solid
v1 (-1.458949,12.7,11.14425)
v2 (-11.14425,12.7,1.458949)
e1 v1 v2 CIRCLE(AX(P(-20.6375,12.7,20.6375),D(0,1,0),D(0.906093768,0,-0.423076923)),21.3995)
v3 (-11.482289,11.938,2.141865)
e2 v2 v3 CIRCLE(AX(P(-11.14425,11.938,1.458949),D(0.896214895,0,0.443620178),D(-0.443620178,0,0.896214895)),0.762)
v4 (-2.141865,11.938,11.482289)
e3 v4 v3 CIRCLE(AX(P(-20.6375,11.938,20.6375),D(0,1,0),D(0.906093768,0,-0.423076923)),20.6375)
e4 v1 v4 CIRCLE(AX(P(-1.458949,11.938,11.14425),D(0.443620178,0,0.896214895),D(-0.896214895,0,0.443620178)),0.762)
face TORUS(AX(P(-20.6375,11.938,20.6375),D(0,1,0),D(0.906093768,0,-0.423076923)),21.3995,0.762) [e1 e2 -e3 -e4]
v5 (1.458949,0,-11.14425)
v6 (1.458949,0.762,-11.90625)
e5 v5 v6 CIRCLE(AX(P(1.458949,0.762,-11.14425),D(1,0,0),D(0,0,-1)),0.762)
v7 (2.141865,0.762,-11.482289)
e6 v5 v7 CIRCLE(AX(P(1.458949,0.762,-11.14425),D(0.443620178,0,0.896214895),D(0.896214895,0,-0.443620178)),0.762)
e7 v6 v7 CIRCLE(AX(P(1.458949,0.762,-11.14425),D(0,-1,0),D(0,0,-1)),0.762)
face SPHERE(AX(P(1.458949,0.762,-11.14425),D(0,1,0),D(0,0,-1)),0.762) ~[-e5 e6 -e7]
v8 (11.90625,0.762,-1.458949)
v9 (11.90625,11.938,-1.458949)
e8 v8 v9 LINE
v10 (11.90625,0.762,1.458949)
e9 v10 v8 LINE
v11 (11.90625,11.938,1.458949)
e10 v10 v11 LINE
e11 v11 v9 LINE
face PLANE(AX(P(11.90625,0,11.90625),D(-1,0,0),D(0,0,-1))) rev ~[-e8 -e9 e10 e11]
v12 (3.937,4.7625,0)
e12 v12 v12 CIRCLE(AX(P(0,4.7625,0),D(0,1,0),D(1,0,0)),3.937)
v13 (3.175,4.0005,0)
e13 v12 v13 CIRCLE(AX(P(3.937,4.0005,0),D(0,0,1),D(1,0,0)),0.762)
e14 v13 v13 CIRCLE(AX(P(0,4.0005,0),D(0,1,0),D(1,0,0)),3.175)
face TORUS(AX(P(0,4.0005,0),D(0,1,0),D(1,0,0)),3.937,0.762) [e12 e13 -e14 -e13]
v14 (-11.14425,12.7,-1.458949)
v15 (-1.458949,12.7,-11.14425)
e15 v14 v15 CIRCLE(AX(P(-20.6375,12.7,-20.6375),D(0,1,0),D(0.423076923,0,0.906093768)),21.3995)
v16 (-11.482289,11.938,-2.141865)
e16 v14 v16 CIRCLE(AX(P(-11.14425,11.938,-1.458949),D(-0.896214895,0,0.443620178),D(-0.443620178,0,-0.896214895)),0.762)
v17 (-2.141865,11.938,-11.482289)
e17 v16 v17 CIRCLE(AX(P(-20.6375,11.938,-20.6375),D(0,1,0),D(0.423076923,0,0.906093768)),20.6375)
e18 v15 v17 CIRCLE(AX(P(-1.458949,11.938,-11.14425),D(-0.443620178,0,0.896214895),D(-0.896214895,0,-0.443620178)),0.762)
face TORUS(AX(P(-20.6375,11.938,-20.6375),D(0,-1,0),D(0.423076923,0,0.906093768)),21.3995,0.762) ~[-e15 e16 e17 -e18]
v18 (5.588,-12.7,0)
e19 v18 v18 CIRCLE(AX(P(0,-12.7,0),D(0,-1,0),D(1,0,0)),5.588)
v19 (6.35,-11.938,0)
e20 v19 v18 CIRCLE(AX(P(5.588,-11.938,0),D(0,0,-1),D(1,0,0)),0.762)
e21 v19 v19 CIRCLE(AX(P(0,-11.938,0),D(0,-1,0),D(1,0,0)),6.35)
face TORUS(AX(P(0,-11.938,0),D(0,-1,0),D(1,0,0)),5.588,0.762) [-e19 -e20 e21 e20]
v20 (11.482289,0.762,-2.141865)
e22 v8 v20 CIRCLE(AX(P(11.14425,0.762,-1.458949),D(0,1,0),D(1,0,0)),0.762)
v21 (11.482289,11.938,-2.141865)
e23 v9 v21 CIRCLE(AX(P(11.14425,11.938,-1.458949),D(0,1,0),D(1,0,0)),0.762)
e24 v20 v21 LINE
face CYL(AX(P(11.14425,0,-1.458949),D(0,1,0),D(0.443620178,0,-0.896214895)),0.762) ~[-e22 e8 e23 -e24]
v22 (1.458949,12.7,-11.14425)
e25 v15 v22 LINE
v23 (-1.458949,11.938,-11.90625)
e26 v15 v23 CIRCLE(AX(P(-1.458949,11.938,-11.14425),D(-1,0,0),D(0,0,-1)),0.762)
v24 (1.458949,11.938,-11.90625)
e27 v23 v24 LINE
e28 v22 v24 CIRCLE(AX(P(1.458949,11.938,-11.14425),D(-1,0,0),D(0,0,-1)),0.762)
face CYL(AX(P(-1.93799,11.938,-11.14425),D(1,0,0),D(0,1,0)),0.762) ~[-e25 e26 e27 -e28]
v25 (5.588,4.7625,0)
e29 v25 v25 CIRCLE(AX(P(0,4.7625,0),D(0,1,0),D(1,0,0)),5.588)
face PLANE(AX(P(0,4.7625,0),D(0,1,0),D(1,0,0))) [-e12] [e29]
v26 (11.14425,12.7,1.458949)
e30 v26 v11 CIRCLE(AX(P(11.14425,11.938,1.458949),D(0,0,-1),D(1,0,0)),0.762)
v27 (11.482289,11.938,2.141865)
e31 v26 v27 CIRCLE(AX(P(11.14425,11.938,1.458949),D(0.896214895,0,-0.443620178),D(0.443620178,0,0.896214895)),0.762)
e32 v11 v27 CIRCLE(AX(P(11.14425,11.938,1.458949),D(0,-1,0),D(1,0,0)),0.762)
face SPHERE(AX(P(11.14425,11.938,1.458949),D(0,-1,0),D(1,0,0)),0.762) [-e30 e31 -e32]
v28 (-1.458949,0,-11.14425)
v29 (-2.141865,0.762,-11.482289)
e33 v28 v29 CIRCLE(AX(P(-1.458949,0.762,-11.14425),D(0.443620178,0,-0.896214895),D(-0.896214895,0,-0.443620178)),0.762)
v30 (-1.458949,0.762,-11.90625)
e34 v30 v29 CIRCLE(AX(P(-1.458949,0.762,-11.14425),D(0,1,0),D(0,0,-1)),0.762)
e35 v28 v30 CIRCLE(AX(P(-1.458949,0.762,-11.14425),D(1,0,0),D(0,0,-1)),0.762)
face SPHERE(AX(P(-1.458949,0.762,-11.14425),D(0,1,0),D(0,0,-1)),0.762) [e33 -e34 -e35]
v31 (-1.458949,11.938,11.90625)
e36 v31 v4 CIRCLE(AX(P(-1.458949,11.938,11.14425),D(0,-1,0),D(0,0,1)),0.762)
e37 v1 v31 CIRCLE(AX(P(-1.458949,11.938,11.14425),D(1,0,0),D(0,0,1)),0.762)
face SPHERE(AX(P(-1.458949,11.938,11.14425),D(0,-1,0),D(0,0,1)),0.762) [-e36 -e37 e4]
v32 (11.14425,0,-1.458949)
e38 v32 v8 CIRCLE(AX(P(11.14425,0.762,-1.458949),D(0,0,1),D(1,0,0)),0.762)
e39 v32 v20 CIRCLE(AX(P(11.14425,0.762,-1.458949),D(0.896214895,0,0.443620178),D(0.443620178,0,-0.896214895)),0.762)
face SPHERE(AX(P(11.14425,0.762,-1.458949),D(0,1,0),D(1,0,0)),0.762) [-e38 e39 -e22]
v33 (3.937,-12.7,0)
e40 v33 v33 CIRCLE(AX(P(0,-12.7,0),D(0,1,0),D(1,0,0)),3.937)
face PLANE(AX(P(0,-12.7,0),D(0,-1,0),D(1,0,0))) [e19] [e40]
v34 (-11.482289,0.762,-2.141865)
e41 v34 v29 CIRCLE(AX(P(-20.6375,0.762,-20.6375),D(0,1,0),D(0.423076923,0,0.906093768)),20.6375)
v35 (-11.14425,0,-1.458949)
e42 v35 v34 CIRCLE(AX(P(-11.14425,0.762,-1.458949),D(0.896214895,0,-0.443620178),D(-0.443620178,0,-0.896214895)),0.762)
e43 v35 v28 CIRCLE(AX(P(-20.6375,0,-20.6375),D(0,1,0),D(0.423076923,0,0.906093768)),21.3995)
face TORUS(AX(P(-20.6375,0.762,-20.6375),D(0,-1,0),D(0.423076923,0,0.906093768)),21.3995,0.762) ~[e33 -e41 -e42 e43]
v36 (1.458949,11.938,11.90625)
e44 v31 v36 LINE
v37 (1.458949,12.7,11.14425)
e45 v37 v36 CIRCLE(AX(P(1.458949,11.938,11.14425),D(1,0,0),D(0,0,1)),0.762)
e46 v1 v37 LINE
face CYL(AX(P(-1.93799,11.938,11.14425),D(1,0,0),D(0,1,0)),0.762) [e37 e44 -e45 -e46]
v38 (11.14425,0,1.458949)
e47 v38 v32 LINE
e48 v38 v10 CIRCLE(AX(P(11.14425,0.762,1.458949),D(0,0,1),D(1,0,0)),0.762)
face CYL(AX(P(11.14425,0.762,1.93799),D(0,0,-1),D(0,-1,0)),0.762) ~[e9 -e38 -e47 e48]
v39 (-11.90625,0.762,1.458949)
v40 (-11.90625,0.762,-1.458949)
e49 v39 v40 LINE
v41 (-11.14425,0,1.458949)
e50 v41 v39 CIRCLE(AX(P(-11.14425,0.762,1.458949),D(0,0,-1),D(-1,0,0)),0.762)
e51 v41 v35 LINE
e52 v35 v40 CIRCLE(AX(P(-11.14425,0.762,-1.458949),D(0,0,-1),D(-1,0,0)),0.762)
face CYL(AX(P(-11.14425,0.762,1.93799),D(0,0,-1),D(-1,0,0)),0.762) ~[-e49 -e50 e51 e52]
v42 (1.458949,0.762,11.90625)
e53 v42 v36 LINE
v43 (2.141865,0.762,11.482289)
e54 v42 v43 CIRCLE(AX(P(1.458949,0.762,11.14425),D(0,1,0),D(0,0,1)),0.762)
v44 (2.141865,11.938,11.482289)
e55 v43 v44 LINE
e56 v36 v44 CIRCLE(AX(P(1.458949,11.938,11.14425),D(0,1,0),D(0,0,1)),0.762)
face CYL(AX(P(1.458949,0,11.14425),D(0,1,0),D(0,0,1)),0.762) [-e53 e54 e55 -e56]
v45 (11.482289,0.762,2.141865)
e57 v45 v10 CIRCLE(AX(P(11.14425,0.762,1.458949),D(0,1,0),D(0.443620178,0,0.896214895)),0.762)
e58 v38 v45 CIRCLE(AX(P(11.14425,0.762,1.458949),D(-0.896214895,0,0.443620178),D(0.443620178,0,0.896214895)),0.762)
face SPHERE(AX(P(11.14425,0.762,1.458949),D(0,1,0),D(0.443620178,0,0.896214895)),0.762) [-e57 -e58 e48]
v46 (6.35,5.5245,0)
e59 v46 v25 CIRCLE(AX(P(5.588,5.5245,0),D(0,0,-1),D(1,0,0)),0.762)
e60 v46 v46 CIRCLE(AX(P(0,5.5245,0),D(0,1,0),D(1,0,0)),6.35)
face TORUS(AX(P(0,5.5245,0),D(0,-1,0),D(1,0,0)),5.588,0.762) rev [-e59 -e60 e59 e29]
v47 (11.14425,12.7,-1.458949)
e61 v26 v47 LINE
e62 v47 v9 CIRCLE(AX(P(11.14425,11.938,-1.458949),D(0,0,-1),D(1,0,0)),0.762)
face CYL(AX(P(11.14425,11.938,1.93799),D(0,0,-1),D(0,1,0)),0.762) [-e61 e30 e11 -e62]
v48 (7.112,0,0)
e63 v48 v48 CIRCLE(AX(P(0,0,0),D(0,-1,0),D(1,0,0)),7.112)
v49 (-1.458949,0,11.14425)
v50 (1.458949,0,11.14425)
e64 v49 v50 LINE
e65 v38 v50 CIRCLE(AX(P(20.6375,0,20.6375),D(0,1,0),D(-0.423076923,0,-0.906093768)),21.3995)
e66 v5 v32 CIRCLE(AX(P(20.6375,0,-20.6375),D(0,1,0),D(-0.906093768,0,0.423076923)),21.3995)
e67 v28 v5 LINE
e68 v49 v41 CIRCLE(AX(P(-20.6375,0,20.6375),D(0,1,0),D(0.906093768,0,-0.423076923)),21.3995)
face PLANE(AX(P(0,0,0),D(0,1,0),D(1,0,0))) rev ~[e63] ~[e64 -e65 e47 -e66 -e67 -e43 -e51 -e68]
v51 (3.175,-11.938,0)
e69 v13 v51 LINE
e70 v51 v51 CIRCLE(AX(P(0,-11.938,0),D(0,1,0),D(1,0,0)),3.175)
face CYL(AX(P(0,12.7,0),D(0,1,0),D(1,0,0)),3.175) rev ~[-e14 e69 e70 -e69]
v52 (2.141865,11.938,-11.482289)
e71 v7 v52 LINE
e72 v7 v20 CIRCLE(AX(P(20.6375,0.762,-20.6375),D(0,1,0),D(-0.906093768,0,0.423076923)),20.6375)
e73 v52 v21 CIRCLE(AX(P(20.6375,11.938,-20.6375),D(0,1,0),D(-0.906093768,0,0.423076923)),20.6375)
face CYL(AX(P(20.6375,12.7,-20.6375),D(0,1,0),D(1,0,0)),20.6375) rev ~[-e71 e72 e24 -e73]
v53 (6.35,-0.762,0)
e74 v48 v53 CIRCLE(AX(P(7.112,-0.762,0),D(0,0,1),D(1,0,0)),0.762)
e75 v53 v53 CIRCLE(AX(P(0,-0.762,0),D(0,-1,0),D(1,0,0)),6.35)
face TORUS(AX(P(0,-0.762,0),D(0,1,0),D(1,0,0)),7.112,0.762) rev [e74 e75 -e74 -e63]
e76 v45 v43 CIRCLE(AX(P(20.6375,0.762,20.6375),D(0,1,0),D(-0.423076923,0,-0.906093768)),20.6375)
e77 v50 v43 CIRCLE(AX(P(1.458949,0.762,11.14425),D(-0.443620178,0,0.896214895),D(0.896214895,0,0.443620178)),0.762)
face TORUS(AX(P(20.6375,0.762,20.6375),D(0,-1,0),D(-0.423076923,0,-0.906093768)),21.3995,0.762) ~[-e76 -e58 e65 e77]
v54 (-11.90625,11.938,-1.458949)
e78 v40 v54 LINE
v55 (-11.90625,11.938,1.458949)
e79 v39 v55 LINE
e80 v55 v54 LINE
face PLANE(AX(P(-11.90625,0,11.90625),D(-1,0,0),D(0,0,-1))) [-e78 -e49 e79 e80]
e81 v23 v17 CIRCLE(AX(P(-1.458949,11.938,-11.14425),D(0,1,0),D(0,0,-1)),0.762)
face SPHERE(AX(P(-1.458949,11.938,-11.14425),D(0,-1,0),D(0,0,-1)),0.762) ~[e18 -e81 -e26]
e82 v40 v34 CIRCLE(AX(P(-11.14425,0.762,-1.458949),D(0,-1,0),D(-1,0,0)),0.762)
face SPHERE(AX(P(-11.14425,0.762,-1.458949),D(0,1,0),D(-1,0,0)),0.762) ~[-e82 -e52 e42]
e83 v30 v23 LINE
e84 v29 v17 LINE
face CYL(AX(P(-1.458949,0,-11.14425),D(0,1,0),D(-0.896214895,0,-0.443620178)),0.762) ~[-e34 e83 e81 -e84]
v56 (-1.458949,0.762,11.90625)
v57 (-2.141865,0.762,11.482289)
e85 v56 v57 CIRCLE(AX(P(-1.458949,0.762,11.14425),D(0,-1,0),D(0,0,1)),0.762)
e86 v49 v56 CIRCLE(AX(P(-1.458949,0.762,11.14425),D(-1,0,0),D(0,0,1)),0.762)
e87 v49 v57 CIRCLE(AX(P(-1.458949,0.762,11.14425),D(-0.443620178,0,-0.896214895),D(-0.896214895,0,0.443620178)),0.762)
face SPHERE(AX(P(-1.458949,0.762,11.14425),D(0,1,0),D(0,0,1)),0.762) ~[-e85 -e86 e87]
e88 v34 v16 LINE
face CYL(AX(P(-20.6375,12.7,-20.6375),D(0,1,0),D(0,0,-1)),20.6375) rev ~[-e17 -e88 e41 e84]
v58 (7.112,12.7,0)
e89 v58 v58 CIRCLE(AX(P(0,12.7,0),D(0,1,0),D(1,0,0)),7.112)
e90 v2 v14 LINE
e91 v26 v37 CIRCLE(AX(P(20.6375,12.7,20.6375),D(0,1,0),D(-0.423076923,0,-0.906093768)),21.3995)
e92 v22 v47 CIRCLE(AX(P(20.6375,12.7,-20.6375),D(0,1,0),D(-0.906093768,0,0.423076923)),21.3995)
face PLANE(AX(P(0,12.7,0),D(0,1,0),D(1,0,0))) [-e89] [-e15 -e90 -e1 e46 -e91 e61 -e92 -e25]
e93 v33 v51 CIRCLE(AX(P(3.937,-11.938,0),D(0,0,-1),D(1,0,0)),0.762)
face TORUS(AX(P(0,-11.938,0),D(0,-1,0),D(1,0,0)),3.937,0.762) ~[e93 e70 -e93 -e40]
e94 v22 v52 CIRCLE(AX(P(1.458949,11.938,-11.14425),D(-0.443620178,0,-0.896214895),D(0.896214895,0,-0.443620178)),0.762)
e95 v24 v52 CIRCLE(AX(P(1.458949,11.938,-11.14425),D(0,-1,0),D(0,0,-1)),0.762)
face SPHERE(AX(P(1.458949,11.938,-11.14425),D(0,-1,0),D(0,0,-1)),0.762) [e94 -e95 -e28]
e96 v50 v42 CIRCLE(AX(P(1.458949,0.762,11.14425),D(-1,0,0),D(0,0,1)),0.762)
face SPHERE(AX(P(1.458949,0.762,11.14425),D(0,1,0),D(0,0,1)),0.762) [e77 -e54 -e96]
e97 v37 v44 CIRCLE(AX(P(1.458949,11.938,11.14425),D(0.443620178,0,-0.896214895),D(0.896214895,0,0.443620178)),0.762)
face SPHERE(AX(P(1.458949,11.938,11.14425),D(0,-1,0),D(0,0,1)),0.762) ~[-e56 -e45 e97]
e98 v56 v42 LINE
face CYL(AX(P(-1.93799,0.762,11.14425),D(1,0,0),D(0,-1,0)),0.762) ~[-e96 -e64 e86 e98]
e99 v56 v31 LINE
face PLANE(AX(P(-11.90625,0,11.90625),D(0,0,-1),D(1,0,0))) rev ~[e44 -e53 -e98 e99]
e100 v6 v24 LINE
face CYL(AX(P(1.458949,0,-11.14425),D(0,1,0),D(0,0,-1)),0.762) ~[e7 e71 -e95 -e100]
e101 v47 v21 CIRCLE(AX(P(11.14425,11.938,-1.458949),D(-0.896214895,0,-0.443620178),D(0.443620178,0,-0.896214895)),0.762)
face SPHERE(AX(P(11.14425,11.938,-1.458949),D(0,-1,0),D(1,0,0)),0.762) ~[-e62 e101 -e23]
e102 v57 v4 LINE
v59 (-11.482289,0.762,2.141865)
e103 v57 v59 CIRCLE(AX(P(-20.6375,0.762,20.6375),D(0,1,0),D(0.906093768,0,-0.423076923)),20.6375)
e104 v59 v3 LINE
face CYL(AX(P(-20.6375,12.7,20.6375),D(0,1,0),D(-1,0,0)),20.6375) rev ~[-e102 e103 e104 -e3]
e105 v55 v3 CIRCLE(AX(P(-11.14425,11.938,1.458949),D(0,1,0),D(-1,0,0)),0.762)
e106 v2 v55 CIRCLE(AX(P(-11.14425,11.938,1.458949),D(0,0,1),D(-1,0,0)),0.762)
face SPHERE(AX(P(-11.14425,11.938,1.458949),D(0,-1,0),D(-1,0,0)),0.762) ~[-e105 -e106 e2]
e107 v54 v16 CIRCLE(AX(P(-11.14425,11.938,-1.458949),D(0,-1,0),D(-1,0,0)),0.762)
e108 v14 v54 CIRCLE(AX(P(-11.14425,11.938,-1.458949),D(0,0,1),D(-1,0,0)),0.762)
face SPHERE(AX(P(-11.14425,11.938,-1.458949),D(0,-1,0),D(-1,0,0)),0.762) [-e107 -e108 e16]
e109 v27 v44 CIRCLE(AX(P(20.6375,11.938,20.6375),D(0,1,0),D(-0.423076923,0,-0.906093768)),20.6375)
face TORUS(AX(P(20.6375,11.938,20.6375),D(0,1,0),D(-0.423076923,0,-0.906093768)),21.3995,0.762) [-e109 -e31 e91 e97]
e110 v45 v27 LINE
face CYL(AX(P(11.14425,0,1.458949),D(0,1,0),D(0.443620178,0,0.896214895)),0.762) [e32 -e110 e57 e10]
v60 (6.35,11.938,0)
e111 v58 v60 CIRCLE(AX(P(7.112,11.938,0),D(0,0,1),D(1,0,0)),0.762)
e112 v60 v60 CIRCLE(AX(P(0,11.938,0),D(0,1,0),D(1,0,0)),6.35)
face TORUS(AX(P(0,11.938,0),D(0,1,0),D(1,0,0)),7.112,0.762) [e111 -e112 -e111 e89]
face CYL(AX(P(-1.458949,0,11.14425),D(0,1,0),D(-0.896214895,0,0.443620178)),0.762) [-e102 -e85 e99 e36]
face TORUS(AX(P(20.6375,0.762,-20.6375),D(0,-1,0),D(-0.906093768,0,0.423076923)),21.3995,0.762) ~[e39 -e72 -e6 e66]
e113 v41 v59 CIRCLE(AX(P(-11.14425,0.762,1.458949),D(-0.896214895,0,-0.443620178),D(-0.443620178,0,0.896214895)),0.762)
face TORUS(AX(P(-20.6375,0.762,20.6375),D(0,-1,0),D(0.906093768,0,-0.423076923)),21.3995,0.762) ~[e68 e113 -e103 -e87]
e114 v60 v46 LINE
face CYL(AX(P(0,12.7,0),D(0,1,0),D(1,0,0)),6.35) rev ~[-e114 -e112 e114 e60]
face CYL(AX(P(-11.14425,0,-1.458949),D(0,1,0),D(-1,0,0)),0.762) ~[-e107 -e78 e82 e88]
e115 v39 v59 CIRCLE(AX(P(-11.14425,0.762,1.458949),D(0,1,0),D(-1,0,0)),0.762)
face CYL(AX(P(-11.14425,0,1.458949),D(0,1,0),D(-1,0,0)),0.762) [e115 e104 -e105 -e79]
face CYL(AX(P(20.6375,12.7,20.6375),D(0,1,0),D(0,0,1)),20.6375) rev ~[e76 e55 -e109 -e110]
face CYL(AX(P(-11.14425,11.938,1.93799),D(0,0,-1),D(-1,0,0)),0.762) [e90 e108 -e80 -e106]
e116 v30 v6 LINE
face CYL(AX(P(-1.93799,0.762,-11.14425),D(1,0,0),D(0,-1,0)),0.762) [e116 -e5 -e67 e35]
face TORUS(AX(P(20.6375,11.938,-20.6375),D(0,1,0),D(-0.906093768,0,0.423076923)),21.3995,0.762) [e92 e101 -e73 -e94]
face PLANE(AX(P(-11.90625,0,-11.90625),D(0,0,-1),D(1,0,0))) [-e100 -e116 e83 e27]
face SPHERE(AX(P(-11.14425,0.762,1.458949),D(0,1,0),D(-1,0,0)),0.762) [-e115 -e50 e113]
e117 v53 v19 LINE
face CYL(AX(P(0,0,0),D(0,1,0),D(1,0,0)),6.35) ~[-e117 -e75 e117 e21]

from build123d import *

# Parameters (mm, degrees)
SKETCH1_W           = 23.8125
SKETCH1_H           = 23.8125
BOSS_EXTRUDE1_DEPTH = 12.7
SKETCH3_R           = 20.6375
CUT_EXTRUDE1_DEPTH  = 22.090461781
CIRPATTERN1_COUNT   = 4
SKETCH4_R           = 6.35
BOSS_EXTRUDE2_DEPTH = 12.7
SKETCH5_R           = 3.175
CUT_EXTRUDE2_DEPTH  = 31.47421169
SKETCH6_R           = 6.35
CUT_EXTRUDE3_DEPTH  = 7.9375
FILLET1_R           = 0.762


with BuildPart() as part:
    # Sketch1 → Boss-Extrude1 (new body)
    with BuildSketch(Plane(origin=(0, 0, 0), x_dir=(1, 0, 0), z_dir=(0, 1, 0))):
        Rectangle(SKETCH1_W, SKETCH1_H)
    extrude(amount=BOSS_EXTRUDE1_DEPTH)

    # Sketch3 → Cut-Extrude1 (cut, through all)
    with BuildSketch(Plane(origin=(0, 12.7, 0), x_dir=(1, 0, 0), z_dir=(0, 1, 0))):
        with Locations((20.6375, 20.6375)):
            Circle(SKETCH3_R)
    cut_extrude1 = extrude(amount=-CUT_EXTRUDE1_DEPTH, mode=Mode.SUBTRACT)

    # CirPattern1: Cut-Extrude1 ×4 about axis
    cirpattern1_axis = Axis((0, 50, 0), (0, -1, 0))
    for i in range(1, CIRPATTERN1_COUNT):
        add(cut_extrude1.rotate(cirpattern1_axis, i * 360 / CIRPATTERN1_COUNT), mode=Mode.SUBTRACT)

    # Sketch4 → Boss-Extrude2 (add)
    with BuildSketch(Plane.XZ):
        Circle(SKETCH4_R)
    extrude(amount=BOSS_EXTRUDE2_DEPTH)

    # Sketch5 → Cut-Extrude2 (cut, through all)
    with BuildSketch(Plane(origin=(0, 12.7, 0), x_dir=(1, 0, 0), z_dir=(0, 1, 0))):
        Circle(SKETCH5_R)
    extrude(amount=-CUT_EXTRUDE2_DEPTH, mode=Mode.SUBTRACT)

    # Sketch6 → Cut-Extrude3 (cut)
    with BuildSketch(Plane(origin=(0, 12.7, 0), x_dir=(1, 0, 0), z_dir=(0, 1, 0))):
        Circle(SKETCH6_R)
    extrude(amount=-CUT_EXTRUDE3_DEPTH, mode=Mode.SUBTRACT)

    # Fillet1
    fillet1_edges = [part.edges().sort_by_distance(p)[0] for p in [
        (-6.35, 0, 0),
        (0, 12.7, 11.90625),
        (-11.90625, 12.7, 0),
        (0, 12.7, -11.90625),
        (11.90625, 12.7, 0),
        (0, 0, 11.90625),
        (-11.90625, 0, 0),
        (0, 0, -11.90625),
        (11.90625, 0, 0),
        (11.90625, 6.35, -1.937989854),
        (1.937989854, 6.35, -11.90625),
        (6.044583803, 0, -6.044583803),
        (6.044583803, 12.7, -6.044583803),
        (11.90625, 6.35, 1.937989854),
        (1.937989854, 6.35, 11.90625),
        (6.044583803, 0, 6.044583803),
        (6.044583803, 12.7, 6.044583803),
        (-11.90625, 6.35, 1.937989854),
        (-1.937989854, 6.35, 11.90625),
        (-6.044583803, 12.7, 6.044583803),
        (-6.044583803, 0, 6.044583803),
        (-1.937989854, 6.35, -11.90625),
        (-11.90625, 6.35, -1.937989854),
        (-6.044583803, 12.7, -6.044583803),
        (-6.044583803, 0, -6.044583803),
        (-6.35, -12.7, 0),
        (-3.175, -12.7, 0),
        (-3.175, 4.7625, 0),
        (-6.35, 4.7625, 0),
        (-6.35, 12.7, 0),
    ]]
    fillet(fillet1_edges, radius=FILLET1_R)


solid = part.part
